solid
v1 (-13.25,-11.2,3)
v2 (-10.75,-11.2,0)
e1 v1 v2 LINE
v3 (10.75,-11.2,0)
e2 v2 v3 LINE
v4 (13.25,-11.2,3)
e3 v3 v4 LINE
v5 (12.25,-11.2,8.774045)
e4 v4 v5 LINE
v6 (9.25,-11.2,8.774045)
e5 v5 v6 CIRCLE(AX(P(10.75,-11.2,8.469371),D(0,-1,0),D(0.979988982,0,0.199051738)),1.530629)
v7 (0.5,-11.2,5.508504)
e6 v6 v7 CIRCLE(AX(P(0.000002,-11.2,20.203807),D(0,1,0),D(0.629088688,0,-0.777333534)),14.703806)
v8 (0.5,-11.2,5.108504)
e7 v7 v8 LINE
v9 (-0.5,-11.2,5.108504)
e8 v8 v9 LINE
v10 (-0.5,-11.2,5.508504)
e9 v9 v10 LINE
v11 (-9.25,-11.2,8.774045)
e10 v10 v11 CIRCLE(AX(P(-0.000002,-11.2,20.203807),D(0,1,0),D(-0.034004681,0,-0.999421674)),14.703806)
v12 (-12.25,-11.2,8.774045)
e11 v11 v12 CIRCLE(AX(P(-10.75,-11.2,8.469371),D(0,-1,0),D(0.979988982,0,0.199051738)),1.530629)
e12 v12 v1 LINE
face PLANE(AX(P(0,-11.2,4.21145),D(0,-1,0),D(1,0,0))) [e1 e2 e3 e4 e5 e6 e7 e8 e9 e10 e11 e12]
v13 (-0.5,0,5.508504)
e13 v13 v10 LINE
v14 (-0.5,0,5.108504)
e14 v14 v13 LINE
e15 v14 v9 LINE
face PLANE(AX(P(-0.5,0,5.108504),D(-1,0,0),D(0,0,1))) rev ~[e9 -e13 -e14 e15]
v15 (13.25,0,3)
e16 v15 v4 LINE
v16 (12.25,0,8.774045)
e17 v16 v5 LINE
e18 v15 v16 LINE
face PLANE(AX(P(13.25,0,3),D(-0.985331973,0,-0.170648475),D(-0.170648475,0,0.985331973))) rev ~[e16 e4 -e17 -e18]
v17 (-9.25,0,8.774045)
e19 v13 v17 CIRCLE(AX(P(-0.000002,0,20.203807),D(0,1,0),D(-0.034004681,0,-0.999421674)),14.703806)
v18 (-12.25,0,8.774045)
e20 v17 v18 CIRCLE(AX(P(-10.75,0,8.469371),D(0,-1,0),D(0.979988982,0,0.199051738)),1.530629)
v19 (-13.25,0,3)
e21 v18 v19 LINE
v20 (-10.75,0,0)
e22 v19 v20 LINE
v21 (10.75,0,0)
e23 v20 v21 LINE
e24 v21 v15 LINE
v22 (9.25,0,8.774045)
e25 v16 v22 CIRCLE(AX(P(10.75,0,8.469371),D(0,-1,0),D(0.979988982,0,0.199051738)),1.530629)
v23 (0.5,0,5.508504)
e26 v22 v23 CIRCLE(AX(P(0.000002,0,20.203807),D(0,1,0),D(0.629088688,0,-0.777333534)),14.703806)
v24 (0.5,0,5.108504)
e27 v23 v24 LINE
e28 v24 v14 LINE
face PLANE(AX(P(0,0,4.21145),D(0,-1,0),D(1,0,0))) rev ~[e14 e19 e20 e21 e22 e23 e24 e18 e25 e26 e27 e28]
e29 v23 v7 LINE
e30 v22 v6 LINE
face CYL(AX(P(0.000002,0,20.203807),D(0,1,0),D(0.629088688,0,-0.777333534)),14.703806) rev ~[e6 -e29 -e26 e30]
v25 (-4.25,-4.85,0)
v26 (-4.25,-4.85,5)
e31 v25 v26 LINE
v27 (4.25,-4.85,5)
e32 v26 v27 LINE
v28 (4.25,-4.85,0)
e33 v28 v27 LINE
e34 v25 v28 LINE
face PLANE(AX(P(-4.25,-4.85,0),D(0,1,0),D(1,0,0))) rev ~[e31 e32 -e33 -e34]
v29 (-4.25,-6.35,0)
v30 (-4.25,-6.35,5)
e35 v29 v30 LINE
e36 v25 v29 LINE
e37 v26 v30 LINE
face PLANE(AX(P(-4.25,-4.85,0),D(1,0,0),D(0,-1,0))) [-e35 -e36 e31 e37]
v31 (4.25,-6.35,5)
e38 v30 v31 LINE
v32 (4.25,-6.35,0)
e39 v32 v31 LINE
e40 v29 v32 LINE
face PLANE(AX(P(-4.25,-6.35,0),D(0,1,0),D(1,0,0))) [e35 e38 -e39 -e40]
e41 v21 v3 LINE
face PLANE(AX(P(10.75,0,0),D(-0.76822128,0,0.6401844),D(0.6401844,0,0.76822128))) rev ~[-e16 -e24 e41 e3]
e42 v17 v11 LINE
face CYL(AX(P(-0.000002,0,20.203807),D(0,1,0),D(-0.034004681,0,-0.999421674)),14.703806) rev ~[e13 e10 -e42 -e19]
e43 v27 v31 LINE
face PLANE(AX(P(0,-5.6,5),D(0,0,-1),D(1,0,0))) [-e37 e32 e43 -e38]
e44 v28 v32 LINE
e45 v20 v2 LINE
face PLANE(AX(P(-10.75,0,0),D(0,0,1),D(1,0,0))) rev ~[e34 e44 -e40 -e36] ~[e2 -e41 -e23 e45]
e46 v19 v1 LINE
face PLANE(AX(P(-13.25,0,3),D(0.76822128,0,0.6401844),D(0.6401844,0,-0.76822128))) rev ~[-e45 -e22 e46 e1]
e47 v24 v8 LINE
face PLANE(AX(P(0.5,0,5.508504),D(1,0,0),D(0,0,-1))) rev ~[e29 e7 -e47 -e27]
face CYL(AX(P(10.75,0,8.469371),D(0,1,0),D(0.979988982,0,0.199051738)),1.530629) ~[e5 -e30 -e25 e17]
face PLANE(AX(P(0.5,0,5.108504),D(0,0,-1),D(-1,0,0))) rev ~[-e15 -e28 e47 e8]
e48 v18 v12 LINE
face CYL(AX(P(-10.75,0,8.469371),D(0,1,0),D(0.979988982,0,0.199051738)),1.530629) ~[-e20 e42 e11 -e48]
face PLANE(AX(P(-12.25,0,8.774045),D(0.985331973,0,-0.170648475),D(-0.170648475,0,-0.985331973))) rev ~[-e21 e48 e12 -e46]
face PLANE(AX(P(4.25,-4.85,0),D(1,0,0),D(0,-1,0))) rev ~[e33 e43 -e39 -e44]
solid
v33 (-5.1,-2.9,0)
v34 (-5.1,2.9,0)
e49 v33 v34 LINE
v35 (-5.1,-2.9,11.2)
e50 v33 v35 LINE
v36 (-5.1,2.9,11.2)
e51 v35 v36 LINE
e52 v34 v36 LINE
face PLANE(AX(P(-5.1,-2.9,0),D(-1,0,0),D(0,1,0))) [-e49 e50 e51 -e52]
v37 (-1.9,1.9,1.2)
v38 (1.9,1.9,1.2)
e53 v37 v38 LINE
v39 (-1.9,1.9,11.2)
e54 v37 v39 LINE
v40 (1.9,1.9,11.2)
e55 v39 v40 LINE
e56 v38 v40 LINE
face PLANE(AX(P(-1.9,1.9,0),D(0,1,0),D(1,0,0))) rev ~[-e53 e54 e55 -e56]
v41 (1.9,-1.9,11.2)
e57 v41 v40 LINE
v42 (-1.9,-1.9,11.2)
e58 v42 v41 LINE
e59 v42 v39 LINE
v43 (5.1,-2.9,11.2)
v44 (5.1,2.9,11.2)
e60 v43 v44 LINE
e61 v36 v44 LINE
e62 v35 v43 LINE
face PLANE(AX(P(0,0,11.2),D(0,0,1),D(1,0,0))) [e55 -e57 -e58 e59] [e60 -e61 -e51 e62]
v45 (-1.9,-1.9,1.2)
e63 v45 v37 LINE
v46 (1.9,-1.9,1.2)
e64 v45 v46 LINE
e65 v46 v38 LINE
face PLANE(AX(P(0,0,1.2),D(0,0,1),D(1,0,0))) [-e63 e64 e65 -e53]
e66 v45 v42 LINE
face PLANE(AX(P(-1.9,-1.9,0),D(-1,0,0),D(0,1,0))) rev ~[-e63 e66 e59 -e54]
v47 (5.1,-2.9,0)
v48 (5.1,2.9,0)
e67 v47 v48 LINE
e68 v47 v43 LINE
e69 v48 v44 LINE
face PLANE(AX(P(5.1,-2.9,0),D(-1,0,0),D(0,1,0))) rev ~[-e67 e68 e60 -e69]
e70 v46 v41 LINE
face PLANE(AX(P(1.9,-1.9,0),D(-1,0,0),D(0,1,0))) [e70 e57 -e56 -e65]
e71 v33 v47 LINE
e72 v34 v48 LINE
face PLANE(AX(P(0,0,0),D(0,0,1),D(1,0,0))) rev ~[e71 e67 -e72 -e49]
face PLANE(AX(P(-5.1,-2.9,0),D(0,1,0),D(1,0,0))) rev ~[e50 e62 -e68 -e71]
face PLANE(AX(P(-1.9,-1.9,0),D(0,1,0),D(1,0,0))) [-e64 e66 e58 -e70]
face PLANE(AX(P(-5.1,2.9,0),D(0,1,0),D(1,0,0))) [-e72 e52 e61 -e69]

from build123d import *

# Parameters (mm, degrees)
F0_W     = 3.8
F0_H     = 3.8
F1_DEPTH = 1.2
F0_W_2   = 10.2
F0_H_2   = 5.8
F2_DEPTH = 11.2
F4_DEPTH = 11.2
F5_W     = 8.5
F5_H     = 1.5
F6_DEPTH = 5


with BuildPart() as f1:
    # F0 (on Top) → F1 (new body)
    with BuildSketch(Plane.XY):
        Rectangle(F0_W, F0_H)
    extrude(amount=F1_DEPTH)

    # F0 (on Top) → F2 (join)
    with BuildSketch(Plane.XY):
        Rectangle(F0_W_2, F0_H_2)
        Rectangle(F0_W, F0_H, mode=Mode.SUBTRACT)
    extrude(amount=F2_DEPTH)


with BuildPart() as f4:
    # F3 (on Front) → F4 (new body)
    with BuildSketch(Plane.XZ):
        with BuildLine():
            Line((-13.25, 3), (-10.75, 0))
            Line((-10.75, 0), (10.75, 0))
            Line((10.75, 0), (13.25, 3))
            Line((13.25, 3), (12.25, 8.774045))
            ThreePointArc((12.25, 8.774045), (10.75, 10), (9.25, 8.774045))
            ThreePointArc((9.25, 8.774045), (5.141164, 6.42809), (0.5, 5.508504))
            Line((0.5, 5.508504), (0.5, 5.108504))
            Line((0.5, 5.108504), (-0.5, 5.108504))
            Line((-0.5, 5.108504), (-0.5, 5.508504))
            ThreePointArc((-0.5, 5.508504), (-5.141164, 6.42809), (-9.25, 8.774045))
            ThreePointArc((-9.25, 8.774045), (-10.75, 10), (-12.25, 8.774045))
            Line((-12.25, 8.774045), (-13.25, 3))
        make_face()
    extrude(amount=F4_DEPTH)

    # F5 (on face) → F6 (cut)
    with BuildSketch(Plane(origin=(0, 0, 0), x_dir=(1, 0, 0), z_dir=(0, 0, -1))):
        with Locations((0, 5.6)):
            Rectangle(F5_W, F5_H)
    extrude(amount=-F6_DEPTH, mode=Mode.SUBTRACT)


solid = Compound([f1.part, f4.part])
